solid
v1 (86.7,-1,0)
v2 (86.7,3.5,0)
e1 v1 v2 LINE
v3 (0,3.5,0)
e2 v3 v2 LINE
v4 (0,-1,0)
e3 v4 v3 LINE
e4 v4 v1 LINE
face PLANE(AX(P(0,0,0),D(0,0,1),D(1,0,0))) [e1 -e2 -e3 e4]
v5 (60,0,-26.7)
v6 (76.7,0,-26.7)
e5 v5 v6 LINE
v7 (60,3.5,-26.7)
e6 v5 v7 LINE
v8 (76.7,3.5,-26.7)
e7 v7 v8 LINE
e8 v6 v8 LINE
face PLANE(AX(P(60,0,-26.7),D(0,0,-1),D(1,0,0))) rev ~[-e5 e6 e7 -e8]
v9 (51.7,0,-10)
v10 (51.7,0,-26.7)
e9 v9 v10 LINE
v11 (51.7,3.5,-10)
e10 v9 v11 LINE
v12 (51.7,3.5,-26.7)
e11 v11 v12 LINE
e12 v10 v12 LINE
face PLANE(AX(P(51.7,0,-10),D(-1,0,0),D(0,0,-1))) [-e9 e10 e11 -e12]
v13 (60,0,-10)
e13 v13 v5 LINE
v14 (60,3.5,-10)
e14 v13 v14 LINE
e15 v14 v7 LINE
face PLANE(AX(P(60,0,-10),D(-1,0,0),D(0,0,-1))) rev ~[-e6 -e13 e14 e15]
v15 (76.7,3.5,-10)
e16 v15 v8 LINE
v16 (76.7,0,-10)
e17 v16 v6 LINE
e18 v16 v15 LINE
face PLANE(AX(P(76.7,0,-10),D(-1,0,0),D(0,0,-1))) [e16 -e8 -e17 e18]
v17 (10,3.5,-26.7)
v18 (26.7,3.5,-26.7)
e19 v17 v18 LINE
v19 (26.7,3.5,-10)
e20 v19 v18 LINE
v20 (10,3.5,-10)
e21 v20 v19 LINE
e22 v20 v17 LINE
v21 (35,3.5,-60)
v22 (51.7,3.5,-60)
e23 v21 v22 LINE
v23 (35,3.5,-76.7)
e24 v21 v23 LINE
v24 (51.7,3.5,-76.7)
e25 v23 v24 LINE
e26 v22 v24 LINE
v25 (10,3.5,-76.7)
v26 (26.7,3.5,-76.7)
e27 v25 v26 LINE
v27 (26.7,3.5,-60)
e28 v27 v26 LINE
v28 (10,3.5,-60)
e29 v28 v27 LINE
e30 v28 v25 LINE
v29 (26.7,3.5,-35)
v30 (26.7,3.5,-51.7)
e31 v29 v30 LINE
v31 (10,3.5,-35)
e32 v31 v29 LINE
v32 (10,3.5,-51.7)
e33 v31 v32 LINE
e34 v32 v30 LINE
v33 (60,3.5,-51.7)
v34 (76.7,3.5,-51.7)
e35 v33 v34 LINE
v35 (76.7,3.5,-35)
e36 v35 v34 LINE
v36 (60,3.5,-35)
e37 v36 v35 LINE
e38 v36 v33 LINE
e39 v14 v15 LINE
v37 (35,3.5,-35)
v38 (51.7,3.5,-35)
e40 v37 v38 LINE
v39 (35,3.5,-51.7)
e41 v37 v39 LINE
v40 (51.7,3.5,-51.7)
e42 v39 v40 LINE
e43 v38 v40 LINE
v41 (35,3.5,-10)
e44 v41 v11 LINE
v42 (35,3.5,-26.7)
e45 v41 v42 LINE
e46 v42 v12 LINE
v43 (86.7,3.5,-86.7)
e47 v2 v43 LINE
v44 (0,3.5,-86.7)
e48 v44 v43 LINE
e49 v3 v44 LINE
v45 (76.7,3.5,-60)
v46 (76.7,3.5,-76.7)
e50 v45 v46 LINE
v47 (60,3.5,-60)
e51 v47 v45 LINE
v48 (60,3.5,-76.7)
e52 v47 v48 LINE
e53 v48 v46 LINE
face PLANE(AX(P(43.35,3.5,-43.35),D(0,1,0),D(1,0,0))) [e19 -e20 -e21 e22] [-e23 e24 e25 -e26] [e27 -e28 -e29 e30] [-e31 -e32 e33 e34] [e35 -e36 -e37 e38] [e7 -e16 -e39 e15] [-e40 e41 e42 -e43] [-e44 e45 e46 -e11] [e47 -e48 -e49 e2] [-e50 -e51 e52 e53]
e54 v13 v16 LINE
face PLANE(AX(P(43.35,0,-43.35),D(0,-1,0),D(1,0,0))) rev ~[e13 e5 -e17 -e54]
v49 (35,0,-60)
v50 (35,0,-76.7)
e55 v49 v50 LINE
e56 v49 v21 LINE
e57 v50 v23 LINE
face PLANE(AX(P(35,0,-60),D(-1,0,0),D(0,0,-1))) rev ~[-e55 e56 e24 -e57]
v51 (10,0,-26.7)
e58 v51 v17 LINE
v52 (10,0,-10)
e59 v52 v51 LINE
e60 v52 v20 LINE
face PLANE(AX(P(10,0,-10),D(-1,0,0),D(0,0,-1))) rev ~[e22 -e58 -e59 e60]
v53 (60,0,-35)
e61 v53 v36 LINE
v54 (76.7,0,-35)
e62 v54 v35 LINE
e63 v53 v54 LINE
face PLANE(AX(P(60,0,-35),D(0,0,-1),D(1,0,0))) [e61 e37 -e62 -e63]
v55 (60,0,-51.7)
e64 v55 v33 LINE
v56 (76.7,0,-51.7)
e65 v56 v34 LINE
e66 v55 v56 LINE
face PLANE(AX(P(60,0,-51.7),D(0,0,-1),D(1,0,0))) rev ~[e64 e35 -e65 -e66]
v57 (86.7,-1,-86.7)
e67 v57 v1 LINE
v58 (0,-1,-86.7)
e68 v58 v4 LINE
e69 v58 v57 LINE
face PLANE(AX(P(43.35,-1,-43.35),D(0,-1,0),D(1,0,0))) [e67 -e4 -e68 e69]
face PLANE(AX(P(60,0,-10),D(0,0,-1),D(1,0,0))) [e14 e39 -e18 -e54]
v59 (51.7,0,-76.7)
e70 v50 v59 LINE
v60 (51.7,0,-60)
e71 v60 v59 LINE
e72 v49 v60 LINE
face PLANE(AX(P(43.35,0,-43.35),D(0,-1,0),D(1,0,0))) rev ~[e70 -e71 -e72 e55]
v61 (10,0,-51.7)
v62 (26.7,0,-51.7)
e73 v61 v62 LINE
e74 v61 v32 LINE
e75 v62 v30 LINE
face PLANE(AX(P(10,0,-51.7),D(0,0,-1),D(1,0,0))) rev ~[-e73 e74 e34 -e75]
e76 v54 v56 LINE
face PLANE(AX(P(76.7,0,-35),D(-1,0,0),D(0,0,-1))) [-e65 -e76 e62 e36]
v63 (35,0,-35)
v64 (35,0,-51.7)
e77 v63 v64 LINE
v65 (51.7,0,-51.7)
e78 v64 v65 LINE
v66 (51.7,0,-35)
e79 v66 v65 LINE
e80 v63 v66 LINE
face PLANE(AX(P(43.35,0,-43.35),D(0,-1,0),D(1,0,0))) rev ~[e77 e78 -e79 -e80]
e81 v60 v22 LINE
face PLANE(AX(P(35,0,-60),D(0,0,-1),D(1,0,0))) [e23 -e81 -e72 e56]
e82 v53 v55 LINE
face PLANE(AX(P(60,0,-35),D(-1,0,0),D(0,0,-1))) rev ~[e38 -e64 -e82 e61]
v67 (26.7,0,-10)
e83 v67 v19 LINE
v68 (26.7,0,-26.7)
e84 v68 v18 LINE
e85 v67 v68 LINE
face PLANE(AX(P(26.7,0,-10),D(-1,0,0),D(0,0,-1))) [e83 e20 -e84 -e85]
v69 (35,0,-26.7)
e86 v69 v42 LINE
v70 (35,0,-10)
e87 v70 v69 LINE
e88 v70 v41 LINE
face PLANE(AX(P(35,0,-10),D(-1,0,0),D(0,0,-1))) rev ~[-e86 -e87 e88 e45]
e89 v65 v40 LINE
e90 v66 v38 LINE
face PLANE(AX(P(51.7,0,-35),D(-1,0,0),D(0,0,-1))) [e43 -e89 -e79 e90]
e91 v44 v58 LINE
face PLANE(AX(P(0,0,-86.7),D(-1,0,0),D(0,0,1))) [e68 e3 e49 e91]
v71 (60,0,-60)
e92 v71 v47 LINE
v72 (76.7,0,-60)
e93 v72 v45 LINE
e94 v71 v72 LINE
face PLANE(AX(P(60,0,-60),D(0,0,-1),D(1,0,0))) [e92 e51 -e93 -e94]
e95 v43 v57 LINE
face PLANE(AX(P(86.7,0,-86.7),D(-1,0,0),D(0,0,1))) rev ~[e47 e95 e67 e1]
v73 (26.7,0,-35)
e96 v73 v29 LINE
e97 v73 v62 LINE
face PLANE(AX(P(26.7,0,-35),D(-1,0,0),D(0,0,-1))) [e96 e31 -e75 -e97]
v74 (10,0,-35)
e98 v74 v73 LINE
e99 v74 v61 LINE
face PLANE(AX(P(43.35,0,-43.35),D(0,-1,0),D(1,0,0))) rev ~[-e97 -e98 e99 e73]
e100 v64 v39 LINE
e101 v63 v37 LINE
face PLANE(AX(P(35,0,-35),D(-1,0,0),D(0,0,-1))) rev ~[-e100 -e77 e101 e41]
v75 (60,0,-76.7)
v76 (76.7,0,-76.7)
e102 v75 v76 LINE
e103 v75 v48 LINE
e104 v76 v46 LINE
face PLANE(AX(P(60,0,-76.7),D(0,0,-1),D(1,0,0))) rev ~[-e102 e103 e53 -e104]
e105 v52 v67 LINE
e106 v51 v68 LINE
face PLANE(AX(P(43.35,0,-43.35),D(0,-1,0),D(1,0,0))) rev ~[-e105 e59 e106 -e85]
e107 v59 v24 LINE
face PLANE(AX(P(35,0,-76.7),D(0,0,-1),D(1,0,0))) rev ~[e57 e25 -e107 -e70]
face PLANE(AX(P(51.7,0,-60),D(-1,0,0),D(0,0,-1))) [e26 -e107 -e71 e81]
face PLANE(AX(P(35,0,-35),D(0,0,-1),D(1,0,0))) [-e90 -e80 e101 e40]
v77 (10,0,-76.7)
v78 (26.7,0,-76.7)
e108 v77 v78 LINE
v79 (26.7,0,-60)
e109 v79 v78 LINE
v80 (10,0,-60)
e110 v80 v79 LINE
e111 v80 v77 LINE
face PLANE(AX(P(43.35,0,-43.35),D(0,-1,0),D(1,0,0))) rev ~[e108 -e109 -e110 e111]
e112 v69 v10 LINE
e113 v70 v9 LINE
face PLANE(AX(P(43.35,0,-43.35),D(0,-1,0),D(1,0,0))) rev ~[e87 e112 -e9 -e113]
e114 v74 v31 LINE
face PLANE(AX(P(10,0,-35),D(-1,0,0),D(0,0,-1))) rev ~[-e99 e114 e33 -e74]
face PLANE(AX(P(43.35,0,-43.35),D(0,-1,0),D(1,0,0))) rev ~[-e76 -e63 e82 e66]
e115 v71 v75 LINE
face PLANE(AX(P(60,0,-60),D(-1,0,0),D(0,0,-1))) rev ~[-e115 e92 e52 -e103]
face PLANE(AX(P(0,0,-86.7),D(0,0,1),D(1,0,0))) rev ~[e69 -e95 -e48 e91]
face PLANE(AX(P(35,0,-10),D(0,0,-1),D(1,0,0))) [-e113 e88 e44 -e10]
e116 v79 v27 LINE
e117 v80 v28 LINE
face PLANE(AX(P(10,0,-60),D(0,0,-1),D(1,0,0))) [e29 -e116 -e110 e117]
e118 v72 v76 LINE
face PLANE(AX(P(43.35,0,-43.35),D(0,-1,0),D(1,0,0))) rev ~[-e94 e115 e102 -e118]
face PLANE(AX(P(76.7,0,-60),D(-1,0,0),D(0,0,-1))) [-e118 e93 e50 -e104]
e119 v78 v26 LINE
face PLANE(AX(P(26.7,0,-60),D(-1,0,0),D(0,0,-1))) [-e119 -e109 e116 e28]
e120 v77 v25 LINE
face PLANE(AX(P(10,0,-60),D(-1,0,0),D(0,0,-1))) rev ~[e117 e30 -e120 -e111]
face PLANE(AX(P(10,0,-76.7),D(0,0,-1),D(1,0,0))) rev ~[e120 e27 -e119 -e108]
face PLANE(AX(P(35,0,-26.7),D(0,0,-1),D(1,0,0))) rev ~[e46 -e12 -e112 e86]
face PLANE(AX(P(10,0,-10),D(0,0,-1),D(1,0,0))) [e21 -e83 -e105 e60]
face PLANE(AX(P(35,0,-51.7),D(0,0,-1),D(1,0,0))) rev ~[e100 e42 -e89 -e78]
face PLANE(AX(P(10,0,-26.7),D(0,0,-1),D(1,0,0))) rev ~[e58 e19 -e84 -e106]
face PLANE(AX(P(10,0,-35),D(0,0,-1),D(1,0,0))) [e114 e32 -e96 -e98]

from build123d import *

# Parameters (mm, degrees)
ESQUISSE1_W        = 86.7
ESQUISSE1_H        = 86.7
ESQUISSE1_W_2      = 16.7
ESQUISSE1_H_2      = 16.7
BOSS_EXTRU_1_DEPTH = 3.5
ESQUISSE2_W        = 86.7
ESQUISSE2_H        = 86.7
BOSS_EXTRU_2_DEPTH = 1


with BuildPart() as part:
    # Esquisse1 → Boss.-Extru.1 (new body)
    with BuildSketch(Plane(origin=(0, 0, 0), x_dir=(1, 0, 0), z_dir=(0, 1, 0))):
        with Locations((43.35, 43.35)):
            Rectangle(ESQUISSE1_W, ESQUISSE1_H)
        with Locations((43.35, 18.35)):
            Rectangle(ESQUISSE1_W_2, ESQUISSE1_H_2, mode=Mode.SUBTRACT)
        with Locations((18.35, 18.35)):
            Rectangle(ESQUISSE1_W_2, ESQUISSE1_H_2, mode=Mode.SUBTRACT)
        with Locations((68.35, 18.35)):
            Rectangle(ESQUISSE1_W_2, ESQUISSE1_H_2, mode=Mode.SUBTRACT)
        with Locations((43.35, 43.35)):
            Rectangle(ESQUISSE1_W_2, ESQUISSE1_H_2, mode=Mode.SUBTRACT)
        with Locations((68.35, 43.35)):
            Rectangle(ESQUISSE1_W_2, ESQUISSE1_H_2, mode=Mode.SUBTRACT)
        with Locations((43.35, 68.35)):
            Rectangle(ESQUISSE1_W_2, ESQUISSE1_H_2, mode=Mode.SUBTRACT)
        with Locations((68.35, 68.35)):
            Rectangle(ESQUISSE1_W_2, ESQUISSE1_H_2, mode=Mode.SUBTRACT)
        with Locations((18.35, 43.35)):
            Rectangle(ESQUISSE1_W_2, ESQUISSE1_H_2, mode=Mode.SUBTRACT)
        with Locations((18.35, 68.35)):
            Rectangle(ESQUISSE1_W_2, ESQUISSE1_H_2, mode=Mode.SUBTRACT)
    extrude(amount=BOSS_EXTRU_1_DEPTH)

    # Esquisse2 → Boss.-Extru.2 (add)
    with BuildSketch(Plane.XZ):
        with Locations((43.35, -43.35)):
            Rectangle(ESQUISSE2_W, ESQUISSE2_H)
    extrude(amount=BOSS_EXTRU_2_DEPTH)


solid = part.part
